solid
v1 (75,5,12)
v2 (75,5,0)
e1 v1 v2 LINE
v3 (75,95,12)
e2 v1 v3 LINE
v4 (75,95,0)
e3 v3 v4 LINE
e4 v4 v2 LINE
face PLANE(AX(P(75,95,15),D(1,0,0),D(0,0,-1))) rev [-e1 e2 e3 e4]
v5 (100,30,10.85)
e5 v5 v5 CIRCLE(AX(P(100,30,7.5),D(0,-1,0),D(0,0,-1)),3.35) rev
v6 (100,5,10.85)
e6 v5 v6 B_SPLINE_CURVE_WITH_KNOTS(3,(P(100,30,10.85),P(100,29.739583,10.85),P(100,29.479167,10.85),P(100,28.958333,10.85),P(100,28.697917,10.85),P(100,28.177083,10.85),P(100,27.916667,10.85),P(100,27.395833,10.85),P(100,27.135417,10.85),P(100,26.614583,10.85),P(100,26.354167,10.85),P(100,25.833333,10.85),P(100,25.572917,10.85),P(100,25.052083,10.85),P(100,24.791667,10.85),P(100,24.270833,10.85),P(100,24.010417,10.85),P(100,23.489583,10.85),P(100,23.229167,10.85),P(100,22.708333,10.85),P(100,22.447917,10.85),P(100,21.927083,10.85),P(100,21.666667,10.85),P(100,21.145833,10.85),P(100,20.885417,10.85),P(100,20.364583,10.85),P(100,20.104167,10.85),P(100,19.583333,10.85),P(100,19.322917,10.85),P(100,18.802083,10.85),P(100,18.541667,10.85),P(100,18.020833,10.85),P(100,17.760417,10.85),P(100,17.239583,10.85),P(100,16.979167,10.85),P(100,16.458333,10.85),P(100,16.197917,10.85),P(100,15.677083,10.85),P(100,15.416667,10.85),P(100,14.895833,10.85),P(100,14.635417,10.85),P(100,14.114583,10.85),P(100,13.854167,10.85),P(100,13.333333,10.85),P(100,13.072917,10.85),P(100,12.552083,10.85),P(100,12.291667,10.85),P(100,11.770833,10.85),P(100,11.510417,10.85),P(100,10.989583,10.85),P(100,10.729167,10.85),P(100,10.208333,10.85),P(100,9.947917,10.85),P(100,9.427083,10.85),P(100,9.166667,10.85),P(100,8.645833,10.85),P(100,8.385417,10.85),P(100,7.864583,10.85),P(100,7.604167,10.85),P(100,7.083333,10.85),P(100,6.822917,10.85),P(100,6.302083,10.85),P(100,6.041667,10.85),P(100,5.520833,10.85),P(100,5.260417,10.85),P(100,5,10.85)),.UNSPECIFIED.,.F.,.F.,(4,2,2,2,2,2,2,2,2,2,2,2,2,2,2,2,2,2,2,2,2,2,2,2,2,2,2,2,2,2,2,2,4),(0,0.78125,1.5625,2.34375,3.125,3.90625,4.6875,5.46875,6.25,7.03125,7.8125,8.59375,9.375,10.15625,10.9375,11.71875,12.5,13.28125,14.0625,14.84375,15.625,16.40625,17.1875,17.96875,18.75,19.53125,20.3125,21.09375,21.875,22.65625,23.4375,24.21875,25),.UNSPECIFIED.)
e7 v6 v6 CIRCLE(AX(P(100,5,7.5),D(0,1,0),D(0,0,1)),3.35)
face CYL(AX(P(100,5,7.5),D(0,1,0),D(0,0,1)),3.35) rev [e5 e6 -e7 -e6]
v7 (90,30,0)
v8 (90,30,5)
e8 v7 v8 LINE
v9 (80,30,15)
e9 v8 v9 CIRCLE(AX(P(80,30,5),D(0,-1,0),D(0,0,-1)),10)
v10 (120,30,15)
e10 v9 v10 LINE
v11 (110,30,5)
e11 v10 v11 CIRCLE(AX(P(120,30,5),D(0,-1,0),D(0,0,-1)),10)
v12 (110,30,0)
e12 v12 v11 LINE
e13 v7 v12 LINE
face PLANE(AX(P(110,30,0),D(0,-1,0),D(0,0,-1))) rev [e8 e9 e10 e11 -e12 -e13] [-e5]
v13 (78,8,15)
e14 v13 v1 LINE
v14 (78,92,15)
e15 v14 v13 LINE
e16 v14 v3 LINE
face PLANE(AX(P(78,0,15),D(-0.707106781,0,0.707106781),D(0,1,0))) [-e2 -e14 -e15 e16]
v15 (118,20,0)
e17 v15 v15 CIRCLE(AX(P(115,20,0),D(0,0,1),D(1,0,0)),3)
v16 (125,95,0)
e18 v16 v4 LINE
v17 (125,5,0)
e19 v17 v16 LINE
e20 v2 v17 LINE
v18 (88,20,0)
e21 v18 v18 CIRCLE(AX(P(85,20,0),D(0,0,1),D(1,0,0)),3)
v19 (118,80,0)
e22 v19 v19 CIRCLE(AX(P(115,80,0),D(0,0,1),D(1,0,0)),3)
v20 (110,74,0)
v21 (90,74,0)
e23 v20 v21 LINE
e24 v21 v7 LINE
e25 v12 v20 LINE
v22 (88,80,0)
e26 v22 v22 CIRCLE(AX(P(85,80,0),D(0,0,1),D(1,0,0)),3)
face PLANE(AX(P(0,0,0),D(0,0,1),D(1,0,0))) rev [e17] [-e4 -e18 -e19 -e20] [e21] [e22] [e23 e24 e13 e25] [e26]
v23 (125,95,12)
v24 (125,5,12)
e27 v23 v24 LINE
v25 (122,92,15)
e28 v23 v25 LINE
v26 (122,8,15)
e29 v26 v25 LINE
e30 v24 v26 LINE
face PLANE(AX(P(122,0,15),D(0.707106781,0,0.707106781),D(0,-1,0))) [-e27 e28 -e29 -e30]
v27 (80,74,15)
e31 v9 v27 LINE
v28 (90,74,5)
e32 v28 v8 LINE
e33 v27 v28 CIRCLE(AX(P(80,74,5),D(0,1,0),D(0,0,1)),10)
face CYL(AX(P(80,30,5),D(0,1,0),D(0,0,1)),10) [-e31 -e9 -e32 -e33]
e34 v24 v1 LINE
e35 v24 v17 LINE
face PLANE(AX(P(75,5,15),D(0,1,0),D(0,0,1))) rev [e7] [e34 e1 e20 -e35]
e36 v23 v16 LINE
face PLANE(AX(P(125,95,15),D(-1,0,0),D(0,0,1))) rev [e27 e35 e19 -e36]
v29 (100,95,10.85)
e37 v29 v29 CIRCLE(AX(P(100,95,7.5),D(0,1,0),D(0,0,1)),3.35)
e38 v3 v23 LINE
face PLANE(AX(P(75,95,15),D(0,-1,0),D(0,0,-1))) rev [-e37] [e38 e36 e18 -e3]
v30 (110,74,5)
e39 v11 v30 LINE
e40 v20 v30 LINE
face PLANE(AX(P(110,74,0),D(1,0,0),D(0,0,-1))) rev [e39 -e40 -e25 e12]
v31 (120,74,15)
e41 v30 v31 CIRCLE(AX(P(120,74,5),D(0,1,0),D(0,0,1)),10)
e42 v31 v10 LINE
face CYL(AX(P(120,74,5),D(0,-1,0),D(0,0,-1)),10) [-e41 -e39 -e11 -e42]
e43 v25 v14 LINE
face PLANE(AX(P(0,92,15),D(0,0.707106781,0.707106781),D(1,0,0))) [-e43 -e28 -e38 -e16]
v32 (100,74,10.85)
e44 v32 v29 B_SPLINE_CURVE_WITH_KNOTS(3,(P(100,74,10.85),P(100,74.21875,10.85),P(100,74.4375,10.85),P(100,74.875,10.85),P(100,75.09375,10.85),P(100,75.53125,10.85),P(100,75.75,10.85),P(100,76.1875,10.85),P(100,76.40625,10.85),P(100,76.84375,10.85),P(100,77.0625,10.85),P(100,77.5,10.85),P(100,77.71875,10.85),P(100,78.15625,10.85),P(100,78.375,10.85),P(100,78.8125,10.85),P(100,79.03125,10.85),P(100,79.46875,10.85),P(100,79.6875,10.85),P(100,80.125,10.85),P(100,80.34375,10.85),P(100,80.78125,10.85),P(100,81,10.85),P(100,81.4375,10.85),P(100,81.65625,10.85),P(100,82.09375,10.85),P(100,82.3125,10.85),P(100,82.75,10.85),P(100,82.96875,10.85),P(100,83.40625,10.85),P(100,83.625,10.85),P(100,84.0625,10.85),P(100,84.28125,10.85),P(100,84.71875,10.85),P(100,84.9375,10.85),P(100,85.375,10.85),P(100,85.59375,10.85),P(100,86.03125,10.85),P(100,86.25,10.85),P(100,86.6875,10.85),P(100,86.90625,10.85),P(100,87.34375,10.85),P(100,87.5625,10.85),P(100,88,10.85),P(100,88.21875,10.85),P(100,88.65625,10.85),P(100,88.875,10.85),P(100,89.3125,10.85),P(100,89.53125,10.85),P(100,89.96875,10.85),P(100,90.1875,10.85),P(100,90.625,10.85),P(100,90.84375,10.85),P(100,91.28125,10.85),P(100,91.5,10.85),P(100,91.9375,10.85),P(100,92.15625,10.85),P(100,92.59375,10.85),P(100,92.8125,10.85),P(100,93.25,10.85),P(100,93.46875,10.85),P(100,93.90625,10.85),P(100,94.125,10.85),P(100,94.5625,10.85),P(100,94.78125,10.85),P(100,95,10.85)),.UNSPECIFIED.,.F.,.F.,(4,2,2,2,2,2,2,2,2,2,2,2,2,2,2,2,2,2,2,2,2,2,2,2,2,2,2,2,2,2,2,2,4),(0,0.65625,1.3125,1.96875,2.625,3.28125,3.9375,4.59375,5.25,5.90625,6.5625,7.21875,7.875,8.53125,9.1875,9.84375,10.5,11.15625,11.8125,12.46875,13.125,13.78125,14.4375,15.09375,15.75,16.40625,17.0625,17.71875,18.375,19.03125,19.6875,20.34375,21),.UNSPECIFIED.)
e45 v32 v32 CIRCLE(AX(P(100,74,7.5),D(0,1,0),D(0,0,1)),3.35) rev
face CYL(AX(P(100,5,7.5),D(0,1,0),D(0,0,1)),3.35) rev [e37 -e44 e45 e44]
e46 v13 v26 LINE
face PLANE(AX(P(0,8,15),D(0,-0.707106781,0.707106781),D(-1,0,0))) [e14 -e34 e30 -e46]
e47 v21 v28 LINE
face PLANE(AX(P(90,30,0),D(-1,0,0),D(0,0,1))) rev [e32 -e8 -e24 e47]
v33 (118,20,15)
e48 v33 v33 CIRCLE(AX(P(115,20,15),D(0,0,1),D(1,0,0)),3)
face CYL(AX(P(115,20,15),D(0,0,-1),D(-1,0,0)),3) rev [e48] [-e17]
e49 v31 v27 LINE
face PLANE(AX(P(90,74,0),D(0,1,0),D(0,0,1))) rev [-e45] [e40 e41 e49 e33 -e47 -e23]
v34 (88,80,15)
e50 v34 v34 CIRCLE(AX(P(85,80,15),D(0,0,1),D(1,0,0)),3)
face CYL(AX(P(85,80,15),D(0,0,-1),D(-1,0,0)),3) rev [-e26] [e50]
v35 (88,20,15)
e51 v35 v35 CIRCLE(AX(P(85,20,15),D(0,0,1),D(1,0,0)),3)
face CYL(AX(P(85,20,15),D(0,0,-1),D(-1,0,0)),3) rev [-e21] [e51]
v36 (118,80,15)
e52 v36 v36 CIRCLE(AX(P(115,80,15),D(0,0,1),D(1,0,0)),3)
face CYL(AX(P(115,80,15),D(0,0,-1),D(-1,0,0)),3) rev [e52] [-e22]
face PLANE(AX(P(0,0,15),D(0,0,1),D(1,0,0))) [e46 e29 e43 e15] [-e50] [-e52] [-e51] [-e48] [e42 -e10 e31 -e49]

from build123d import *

# Parameters (mm, degrees)
SKETCH1_W           = 50
SKETCH1_H           = 90
SKETCH1_R           = 3
BOSS_EXTRUDE1_DEPTH = 15
SKETCH2_R           = 3.35
CUT_EXTRUDE1_DEPTH  = 155.757875405
CUT_EXTRUDE2_DEPTH  = 158.718102956
CHAMFER1_SIZE       = 3
FILLET1_R           = 10


with BuildPart() as part:
    # Sketch1 → Boss-Extrude1 (new body)
    with BuildSketch(Plane.XY):
        with Locations((100, 50)):
            Rectangle(SKETCH1_W, SKETCH1_H)
        with Locations((115, 20)):
            Circle(SKETCH1_R, mode=Mode.SUBTRACT)
        with Locations((85, 20)):
            Circle(SKETCH1_R, mode=Mode.SUBTRACT)
        with Locations((115, 80)):
            Circle(SKETCH1_R, mode=Mode.SUBTRACT)
        with Locations((85, 80)):
            Circle(SKETCH1_R, mode=Mode.SUBTRACT)
    extrude(amount=BOSS_EXTRUDE1_DEPTH)

    # Sketch2 → Cut-Extrude1 (cut, through all)
    with BuildSketch(Plane(origin=(0, 95, 0), x_dir=(1, 0, 0), z_dir=(0, 1, 0))):
        with Locations(Location((100, -7.5, 0), (0, 0, 270))):
            Circle(SKETCH2_R)
    extrude(amount=-CUT_EXTRUDE1_DEPTH, mode=Mode.SUBTRACT)

    # Sketch3 → Cut-Extrude2 (cut, through all)
    with BuildSketch(Plane.XY.offset(15)):
        Polygon((90, 70), (90, 74), (110, 74), (110, 70), (110, 30), (90, 30), align=None)
    extrude(amount=-CUT_EXTRUDE2_DEPTH, mode=Mode.SUBTRACT)

    # Chamfer1
    chamfer1_edges = [part.edges().sort_by_distance(p)[0] for p in [
        (75, 50, 15),
        (100, 5, 15),
        (125, 50, 15),
        (100, 95, 15),
    ]]
    chamfer(chamfer1_edges, length=CHAMFER1_SIZE)

    # Fillet1
    fillet1_edges = [part.edges().sort_by_distance(p)[0] for p in [
        (90, 52, 15),
        (110, 52, 15),
    ]]
    fillet(fillet1_edges, radius=FILLET1_R)


solid = part.part
